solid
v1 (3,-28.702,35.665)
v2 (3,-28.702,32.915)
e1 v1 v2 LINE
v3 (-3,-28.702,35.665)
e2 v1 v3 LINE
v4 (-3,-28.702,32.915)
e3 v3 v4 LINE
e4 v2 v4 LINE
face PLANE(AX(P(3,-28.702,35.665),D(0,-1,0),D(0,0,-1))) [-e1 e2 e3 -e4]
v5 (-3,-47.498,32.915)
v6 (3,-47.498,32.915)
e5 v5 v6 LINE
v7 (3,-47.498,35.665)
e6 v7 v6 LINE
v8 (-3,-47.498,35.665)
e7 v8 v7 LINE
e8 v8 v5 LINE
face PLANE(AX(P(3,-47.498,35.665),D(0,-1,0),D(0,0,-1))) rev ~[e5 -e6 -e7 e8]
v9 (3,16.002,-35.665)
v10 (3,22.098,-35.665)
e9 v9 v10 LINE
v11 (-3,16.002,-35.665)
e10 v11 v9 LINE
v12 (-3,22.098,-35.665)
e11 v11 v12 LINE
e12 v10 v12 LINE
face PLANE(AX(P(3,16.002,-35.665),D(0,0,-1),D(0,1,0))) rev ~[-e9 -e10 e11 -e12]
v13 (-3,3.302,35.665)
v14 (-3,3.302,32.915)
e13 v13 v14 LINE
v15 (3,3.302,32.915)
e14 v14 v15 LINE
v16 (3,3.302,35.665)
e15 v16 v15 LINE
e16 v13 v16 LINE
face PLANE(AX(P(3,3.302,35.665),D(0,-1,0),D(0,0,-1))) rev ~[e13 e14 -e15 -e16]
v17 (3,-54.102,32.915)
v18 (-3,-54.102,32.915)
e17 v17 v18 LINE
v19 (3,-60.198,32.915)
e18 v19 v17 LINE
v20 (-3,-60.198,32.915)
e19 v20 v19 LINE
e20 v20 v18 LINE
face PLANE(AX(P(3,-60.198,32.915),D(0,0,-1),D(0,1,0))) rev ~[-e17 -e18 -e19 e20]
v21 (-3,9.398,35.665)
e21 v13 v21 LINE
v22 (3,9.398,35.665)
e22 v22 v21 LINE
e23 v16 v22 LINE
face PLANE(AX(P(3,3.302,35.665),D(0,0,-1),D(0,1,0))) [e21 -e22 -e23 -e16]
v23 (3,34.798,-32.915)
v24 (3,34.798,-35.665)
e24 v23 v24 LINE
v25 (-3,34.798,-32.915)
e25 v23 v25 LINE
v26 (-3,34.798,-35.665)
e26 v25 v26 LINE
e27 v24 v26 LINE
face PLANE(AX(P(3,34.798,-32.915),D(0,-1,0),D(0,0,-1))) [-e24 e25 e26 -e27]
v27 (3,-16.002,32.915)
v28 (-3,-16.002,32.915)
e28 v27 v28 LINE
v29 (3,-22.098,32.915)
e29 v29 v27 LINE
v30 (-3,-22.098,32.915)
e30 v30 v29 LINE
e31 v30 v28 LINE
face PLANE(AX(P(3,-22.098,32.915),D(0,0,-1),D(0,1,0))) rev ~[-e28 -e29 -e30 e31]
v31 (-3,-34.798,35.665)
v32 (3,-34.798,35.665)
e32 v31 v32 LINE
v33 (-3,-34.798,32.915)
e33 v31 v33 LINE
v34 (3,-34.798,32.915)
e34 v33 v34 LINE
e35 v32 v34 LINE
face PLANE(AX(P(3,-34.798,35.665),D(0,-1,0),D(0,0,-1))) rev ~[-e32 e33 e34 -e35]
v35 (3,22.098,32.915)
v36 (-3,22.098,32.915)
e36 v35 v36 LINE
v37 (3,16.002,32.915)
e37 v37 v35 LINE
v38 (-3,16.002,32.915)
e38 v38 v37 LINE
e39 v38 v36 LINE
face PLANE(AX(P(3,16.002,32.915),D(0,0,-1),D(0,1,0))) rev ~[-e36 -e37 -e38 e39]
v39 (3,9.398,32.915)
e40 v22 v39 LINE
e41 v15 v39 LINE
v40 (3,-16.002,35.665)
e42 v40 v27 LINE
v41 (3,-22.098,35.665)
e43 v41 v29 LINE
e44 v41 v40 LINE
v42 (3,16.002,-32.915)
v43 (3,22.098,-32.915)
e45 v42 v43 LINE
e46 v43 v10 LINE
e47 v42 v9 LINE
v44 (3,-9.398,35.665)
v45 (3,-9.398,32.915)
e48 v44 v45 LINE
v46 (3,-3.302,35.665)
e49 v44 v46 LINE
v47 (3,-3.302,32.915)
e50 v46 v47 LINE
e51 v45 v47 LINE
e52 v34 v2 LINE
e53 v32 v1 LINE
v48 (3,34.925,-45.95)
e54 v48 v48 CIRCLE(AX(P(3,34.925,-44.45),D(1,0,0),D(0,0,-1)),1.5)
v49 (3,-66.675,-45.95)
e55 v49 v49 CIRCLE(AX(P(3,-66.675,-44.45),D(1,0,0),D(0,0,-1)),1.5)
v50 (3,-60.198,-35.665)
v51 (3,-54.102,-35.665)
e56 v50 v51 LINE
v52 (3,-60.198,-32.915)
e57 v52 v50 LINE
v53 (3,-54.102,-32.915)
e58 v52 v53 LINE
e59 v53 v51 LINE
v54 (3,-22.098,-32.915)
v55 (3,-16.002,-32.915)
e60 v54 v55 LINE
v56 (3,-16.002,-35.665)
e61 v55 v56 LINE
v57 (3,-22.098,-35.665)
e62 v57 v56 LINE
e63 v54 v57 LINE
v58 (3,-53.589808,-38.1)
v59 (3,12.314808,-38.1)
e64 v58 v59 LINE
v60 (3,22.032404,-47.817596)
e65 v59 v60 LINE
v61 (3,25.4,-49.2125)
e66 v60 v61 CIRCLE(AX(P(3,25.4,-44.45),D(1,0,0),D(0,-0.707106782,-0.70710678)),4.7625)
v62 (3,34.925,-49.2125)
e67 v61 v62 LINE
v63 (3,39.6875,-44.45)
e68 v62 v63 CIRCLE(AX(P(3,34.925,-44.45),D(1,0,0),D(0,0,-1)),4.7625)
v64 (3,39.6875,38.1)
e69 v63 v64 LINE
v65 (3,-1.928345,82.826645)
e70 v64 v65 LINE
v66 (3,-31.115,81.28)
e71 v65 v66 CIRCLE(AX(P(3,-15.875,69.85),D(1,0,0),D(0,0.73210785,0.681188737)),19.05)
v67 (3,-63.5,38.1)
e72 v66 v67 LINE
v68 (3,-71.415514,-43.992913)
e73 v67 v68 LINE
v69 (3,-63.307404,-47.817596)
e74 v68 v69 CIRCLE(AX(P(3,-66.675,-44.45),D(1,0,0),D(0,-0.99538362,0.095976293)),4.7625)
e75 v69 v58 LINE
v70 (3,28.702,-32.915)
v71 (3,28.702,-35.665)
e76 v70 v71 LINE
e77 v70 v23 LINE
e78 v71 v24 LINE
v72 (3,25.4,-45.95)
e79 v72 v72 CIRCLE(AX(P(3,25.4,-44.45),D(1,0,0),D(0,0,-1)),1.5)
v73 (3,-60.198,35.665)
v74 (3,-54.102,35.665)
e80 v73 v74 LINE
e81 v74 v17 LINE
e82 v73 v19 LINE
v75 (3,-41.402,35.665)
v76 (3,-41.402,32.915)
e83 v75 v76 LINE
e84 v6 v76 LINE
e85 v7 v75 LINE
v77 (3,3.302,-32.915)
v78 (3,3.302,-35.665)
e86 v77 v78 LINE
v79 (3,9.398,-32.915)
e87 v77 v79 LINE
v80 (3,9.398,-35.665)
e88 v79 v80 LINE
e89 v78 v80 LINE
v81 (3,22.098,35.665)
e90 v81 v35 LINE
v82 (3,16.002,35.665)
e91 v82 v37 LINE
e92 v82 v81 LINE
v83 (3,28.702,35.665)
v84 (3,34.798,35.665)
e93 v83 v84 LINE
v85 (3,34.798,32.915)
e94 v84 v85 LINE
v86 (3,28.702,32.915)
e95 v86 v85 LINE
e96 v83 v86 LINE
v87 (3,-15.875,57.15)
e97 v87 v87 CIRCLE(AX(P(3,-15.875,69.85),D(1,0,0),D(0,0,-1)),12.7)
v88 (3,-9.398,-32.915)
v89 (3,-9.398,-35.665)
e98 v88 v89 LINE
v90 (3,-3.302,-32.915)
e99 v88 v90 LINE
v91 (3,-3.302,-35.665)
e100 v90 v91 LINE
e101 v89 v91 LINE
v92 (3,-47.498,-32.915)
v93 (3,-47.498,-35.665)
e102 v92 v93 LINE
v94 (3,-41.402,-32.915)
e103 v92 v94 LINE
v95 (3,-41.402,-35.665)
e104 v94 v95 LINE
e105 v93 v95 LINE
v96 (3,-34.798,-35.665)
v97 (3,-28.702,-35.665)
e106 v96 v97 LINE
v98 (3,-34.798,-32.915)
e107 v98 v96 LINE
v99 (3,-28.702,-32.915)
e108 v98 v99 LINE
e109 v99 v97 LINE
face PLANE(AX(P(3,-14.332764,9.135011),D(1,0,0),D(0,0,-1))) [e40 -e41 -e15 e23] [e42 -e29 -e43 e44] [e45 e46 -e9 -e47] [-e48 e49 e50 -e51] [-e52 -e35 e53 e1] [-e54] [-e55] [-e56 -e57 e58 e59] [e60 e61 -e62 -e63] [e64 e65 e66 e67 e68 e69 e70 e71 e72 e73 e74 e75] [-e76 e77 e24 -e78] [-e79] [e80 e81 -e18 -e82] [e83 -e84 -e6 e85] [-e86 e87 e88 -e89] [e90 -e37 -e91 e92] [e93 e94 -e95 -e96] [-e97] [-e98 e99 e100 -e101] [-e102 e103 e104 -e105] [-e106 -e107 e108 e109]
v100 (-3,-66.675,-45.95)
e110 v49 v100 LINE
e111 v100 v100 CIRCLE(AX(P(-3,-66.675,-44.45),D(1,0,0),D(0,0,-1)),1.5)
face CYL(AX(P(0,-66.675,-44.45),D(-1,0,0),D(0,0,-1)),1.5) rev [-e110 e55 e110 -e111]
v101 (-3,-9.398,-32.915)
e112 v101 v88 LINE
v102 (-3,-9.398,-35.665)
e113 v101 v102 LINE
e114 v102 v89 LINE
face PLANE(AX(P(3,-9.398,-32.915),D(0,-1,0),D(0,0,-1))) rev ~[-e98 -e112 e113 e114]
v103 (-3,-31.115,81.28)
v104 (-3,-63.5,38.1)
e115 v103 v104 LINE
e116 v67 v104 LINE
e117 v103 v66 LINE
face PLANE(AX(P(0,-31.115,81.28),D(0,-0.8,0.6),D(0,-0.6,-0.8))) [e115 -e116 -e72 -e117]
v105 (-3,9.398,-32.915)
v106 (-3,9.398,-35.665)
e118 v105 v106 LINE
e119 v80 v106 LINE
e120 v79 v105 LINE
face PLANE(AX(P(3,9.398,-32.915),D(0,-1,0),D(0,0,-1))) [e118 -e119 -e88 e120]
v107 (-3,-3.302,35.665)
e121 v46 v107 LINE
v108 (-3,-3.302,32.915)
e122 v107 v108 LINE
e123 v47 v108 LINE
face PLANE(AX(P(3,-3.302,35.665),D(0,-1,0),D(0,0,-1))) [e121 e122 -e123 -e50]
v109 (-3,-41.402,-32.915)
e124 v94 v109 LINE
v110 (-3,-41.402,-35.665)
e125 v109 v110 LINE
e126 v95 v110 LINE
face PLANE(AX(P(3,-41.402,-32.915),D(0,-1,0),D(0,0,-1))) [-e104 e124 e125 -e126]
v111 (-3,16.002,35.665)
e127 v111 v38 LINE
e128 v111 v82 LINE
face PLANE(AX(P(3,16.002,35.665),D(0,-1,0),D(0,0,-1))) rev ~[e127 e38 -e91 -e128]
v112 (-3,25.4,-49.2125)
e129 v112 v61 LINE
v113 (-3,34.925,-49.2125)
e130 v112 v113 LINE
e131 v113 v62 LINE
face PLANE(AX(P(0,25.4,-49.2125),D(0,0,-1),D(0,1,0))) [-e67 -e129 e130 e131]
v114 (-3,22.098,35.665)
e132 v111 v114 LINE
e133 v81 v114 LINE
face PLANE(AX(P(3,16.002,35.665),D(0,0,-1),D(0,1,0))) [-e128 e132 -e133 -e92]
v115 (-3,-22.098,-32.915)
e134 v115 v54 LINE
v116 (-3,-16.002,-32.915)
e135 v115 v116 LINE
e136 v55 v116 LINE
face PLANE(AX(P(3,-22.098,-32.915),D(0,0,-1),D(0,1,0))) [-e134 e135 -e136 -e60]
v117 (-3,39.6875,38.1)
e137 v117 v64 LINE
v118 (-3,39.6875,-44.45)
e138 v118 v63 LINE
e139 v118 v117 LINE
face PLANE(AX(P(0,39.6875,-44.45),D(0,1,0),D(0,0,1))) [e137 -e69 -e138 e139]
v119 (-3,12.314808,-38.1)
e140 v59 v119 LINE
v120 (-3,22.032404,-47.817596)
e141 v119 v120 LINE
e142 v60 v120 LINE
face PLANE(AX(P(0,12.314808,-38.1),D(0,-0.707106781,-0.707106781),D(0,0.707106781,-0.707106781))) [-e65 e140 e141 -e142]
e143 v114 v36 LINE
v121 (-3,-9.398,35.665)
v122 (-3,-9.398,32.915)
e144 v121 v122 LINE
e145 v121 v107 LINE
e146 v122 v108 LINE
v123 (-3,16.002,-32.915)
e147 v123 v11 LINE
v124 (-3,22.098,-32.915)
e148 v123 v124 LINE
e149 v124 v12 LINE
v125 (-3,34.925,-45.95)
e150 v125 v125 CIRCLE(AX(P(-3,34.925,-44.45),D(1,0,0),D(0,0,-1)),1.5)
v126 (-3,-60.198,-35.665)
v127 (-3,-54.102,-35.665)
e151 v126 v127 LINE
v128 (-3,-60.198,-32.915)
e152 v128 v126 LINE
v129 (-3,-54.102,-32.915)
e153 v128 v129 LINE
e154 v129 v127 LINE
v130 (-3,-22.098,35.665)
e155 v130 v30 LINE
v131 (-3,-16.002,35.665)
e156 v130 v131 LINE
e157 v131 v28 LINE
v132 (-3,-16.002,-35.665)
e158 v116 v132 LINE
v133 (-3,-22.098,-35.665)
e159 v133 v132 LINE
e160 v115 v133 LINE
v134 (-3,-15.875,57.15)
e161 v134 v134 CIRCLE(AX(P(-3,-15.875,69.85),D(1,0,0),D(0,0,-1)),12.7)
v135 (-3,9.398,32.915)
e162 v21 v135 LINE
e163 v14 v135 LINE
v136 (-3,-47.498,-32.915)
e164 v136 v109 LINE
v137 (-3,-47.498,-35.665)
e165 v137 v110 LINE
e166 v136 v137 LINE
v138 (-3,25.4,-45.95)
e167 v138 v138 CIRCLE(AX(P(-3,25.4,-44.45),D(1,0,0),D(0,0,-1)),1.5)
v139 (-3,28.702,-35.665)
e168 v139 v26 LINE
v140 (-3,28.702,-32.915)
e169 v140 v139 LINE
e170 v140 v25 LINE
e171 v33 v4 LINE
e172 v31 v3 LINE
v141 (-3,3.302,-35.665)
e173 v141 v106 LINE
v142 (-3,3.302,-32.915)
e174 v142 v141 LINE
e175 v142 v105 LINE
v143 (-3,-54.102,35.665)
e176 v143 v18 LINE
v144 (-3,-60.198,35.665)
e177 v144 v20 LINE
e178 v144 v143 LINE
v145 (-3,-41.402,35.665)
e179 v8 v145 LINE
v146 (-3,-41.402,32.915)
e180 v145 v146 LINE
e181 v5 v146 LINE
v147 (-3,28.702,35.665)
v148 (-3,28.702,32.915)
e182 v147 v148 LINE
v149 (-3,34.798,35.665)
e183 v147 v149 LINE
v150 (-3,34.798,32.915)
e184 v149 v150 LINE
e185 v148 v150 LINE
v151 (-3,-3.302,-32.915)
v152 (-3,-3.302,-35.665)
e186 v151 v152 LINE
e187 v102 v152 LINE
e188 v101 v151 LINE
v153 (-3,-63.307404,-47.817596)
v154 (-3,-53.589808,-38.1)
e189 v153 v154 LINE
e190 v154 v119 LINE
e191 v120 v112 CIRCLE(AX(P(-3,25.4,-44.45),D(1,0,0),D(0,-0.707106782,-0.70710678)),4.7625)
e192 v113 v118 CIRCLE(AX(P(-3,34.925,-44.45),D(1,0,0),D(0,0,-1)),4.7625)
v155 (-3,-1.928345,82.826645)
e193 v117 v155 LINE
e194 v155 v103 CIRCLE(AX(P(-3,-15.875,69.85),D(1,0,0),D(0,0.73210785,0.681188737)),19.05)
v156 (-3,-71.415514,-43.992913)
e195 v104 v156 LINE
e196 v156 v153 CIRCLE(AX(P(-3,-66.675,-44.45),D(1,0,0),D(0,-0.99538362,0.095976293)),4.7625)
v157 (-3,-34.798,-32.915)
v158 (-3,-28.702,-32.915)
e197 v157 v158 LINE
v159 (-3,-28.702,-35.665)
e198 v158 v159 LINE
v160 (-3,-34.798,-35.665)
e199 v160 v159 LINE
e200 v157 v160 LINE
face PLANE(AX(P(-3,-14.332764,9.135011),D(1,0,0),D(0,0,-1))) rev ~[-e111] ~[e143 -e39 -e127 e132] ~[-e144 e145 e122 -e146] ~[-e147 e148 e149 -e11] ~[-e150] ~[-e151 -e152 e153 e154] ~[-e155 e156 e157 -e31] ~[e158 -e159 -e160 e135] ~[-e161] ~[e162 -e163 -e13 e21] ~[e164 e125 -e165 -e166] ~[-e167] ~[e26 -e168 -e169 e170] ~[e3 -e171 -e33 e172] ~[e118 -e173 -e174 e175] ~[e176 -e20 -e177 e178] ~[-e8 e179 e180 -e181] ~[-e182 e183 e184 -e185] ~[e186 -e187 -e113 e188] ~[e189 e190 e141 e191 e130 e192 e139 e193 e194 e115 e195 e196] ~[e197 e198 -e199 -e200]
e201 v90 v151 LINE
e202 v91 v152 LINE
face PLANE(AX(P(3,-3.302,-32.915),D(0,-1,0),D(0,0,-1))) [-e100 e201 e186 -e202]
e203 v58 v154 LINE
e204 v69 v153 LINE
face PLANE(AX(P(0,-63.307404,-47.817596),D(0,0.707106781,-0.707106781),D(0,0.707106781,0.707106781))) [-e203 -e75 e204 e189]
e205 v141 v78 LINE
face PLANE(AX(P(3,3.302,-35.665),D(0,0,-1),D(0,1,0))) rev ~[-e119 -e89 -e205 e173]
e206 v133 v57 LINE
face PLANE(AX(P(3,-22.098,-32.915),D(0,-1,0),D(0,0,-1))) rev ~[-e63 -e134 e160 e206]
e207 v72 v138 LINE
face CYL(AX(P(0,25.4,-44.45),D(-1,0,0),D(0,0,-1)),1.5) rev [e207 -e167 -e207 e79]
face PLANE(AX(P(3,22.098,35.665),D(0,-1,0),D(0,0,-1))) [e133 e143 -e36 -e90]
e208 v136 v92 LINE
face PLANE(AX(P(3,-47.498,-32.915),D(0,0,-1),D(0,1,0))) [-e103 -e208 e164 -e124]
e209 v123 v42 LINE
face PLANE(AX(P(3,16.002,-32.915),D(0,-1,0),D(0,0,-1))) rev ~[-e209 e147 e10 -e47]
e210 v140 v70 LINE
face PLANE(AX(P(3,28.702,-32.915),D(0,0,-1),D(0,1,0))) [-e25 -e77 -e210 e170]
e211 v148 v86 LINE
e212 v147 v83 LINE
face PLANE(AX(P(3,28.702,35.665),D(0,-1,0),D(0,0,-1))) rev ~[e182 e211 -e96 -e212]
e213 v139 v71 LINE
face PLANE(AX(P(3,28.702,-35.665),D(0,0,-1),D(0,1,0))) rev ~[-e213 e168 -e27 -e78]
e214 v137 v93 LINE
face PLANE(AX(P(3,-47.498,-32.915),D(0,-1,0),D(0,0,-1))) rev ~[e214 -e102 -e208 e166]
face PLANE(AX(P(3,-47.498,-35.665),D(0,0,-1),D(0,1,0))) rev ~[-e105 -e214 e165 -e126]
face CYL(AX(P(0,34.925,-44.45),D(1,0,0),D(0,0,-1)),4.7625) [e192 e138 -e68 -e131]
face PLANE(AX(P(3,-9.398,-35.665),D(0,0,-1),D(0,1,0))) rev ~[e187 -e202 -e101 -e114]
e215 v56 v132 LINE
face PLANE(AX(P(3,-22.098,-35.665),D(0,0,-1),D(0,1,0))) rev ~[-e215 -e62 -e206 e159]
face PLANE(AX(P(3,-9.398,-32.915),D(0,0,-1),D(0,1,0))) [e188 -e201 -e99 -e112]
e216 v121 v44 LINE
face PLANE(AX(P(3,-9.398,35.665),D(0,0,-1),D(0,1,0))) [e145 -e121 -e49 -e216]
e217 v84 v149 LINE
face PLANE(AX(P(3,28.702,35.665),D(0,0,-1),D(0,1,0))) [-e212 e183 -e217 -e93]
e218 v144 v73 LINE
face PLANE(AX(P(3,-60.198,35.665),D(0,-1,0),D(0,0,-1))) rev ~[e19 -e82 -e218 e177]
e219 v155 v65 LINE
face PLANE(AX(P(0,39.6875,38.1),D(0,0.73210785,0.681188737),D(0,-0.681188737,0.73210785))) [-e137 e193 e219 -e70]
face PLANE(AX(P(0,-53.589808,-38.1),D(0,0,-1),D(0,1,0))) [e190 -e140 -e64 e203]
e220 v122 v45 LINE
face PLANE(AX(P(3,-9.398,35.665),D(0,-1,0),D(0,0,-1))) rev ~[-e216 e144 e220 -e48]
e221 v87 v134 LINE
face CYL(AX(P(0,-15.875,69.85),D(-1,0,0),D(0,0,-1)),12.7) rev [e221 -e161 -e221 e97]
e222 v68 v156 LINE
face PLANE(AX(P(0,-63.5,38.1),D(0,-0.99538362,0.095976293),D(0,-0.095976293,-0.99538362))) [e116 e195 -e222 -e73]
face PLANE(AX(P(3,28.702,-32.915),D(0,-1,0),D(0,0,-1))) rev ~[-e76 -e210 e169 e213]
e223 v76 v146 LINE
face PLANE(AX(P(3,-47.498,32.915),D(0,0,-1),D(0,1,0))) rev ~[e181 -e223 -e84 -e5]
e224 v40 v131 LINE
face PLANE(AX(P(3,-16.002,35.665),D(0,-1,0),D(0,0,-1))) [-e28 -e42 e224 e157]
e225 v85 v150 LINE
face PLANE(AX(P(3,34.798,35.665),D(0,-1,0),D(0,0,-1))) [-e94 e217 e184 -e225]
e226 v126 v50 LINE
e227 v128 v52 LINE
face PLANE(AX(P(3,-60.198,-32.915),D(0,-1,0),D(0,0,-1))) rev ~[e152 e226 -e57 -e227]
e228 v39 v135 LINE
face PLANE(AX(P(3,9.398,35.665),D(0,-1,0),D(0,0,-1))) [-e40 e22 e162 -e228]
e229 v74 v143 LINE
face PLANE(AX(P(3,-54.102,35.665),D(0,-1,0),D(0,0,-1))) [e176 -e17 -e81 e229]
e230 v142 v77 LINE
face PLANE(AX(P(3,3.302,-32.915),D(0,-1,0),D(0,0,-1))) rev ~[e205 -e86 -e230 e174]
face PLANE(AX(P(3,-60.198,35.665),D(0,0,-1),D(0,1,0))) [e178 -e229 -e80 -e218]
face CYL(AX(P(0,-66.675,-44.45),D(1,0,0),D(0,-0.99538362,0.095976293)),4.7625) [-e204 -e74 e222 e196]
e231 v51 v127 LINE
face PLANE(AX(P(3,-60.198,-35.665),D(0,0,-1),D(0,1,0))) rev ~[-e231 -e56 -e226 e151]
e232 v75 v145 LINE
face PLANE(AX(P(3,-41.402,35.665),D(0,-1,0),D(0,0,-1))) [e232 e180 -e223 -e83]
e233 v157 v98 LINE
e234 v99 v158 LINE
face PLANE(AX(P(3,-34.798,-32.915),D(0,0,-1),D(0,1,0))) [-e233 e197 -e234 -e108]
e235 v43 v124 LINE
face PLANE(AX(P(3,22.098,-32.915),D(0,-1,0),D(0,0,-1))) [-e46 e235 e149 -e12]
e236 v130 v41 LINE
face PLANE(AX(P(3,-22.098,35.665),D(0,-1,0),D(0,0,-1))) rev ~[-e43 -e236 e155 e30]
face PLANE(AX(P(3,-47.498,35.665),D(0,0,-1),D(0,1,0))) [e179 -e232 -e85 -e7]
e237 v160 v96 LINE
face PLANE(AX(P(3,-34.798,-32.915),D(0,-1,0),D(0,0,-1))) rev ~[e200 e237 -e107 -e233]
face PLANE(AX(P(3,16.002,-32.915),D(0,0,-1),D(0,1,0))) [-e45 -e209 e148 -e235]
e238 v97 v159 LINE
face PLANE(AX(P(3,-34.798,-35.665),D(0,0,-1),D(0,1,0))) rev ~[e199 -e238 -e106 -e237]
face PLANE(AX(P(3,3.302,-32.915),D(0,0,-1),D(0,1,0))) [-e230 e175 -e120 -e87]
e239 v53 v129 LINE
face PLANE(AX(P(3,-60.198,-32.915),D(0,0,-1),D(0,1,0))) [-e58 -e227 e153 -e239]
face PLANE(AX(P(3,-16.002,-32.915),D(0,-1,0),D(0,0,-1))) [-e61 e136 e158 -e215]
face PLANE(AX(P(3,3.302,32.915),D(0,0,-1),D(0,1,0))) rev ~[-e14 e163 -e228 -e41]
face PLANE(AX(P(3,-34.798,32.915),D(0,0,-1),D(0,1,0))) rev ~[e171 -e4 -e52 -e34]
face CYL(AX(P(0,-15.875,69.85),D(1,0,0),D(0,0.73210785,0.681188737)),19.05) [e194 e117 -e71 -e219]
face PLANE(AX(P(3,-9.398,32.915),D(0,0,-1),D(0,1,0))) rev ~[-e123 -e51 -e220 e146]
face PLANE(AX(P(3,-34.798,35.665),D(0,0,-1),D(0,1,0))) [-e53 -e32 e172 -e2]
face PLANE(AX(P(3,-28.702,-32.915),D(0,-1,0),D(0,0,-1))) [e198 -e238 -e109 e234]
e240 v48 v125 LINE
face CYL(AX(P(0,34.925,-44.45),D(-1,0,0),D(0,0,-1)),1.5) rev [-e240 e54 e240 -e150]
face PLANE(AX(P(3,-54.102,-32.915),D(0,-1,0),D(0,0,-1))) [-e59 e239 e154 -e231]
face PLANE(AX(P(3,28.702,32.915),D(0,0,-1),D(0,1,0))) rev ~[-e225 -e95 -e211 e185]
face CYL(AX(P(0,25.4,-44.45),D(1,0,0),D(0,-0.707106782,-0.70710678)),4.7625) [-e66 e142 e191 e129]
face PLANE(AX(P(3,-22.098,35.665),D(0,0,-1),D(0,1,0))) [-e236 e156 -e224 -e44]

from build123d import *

# Parameters (mm, degrees)
SKETCH4_R           = 1.5
SKETCH4_R_2         = 12.7
BOSS_EXTRUDE1_DEPTH = 3
SKETCH5_W           = 2.75
SKETCH5_H           = 6.096
LOWERSLOT_DEPTH     = 115.203880872
SKETCH5_3_W         = 2.75
SKETCH5_3_H         = 6.096
UPPERSLOT_DEPTH     = 115.203880872
LOWERSLOTS_COUNT    = 8
LOWERSLOTS_PITCH    = 12.7
UPPERSLOTS_COUNT    = 8
UPPERSLOTS_PITCH    = 12.7


with BuildPart() as part:
    # Sketch4 → Boss-Extrude1 (new, symmetric)
    with BuildSketch(Plane(origin=(0, 0, 0), x_dir=(0, 0, -1), z_dir=(1, 0, 0))):
        with BuildLine():
            ThreePointArc((47.817596045, 22.032403955), (48.849976274, 23.577470153), (49.2125, 25.4))
            Line((49.2125, 25.4), (49.2125, 34.925))
            ThreePointArc((49.2125, 34.925), (47.817596045, 38.292596045), (44.45, 39.6875))
            Line((44.45, 39.6875), (-38.1, 39.6875))
            Line((-38.1, 39.6875), (-82.826645448, -1.928345458))
            ThreePointArc((-82.826645448, -1.928345458), (-88.873309027, -16.88307423), (-81.28, -31.115))
            Line((-81.28, -31.115), (-38.1, -63.5))
            Line((-38.1, -63.5), (43.992912904, -71.415514491))
            ThreePointArc((43.992912904, -71.415514491), (48.757334408, -68.706816071), (47.817596045, -63.307403955))
            Line((47.817596045, -63.307403955), (38.1, -53.589807909))
            Line((38.1, -53.589807909), (38.1, 12.314807909))
            Line((38.1, 12.314807909), (47.817596045, 22.032403955))
        make_face()
        with Locations((44.45, -66.675)):
            Circle(SKETCH4_R, mode=Mode.SUBTRACT)
        with Locations((44.45, 25.4)):
            Circle(SKETCH4_R, mode=Mode.SUBTRACT)
        with Locations((44.45, 34.925)):
            Circle(SKETCH4_R, mode=Mode.SUBTRACT)
        with Locations((-69.85, -15.875)):
            Circle(SKETCH4_R_2, mode=Mode.SUBTRACT)
    extrude(amount=BOSS_EXTRUDE1_DEPTH, both=True)

    # Sketch5 → LowerSlot (cut, symmetric)
    with BuildSketch(Plane(origin=(3, 0, 0), x_dir=(0, 0, -1), z_dir=(1, 0, 0))):
        with Locations((34.29, -57.15)):
            Rectangle(SKETCH5_W, SKETCH5_H)
    lowerslot = extrude(amount=LOWERSLOT_DEPTH, both=True, mode=Mode.SUBTRACT)

    # Sketch5<3> → UpperSlot (cut, symmetric)
    with BuildSketch(Plane(origin=(3, 0, 0), x_dir=(0, 0, -1), z_dir=(1, 0, 0))):
        with Locations((-34.29, -57.15)):
            Rectangle(SKETCH5_3_W, SKETCH5_3_H)
    upperslot = extrude(amount=UPPERSLOT_DEPTH, both=True, mode=Mode.SUBTRACT)

    # LowerSlots: LowerSlot ×8
    with Locations(*[(0, i * LOWERSLOTS_PITCH, 0) for i in range(1, LOWERSLOTS_COUNT)]):
        add(lowerslot, mode=Mode.SUBTRACT)

    # UpperSlots: UpperSlot ×8
    with Locations(*[(0, i * UPPERSLOTS_PITCH, 0) for i in range(1, UPPERSLOTS_COUNT)]):
        add(upperslot, mode=Mode.SUBTRACT)


solid = part.part
